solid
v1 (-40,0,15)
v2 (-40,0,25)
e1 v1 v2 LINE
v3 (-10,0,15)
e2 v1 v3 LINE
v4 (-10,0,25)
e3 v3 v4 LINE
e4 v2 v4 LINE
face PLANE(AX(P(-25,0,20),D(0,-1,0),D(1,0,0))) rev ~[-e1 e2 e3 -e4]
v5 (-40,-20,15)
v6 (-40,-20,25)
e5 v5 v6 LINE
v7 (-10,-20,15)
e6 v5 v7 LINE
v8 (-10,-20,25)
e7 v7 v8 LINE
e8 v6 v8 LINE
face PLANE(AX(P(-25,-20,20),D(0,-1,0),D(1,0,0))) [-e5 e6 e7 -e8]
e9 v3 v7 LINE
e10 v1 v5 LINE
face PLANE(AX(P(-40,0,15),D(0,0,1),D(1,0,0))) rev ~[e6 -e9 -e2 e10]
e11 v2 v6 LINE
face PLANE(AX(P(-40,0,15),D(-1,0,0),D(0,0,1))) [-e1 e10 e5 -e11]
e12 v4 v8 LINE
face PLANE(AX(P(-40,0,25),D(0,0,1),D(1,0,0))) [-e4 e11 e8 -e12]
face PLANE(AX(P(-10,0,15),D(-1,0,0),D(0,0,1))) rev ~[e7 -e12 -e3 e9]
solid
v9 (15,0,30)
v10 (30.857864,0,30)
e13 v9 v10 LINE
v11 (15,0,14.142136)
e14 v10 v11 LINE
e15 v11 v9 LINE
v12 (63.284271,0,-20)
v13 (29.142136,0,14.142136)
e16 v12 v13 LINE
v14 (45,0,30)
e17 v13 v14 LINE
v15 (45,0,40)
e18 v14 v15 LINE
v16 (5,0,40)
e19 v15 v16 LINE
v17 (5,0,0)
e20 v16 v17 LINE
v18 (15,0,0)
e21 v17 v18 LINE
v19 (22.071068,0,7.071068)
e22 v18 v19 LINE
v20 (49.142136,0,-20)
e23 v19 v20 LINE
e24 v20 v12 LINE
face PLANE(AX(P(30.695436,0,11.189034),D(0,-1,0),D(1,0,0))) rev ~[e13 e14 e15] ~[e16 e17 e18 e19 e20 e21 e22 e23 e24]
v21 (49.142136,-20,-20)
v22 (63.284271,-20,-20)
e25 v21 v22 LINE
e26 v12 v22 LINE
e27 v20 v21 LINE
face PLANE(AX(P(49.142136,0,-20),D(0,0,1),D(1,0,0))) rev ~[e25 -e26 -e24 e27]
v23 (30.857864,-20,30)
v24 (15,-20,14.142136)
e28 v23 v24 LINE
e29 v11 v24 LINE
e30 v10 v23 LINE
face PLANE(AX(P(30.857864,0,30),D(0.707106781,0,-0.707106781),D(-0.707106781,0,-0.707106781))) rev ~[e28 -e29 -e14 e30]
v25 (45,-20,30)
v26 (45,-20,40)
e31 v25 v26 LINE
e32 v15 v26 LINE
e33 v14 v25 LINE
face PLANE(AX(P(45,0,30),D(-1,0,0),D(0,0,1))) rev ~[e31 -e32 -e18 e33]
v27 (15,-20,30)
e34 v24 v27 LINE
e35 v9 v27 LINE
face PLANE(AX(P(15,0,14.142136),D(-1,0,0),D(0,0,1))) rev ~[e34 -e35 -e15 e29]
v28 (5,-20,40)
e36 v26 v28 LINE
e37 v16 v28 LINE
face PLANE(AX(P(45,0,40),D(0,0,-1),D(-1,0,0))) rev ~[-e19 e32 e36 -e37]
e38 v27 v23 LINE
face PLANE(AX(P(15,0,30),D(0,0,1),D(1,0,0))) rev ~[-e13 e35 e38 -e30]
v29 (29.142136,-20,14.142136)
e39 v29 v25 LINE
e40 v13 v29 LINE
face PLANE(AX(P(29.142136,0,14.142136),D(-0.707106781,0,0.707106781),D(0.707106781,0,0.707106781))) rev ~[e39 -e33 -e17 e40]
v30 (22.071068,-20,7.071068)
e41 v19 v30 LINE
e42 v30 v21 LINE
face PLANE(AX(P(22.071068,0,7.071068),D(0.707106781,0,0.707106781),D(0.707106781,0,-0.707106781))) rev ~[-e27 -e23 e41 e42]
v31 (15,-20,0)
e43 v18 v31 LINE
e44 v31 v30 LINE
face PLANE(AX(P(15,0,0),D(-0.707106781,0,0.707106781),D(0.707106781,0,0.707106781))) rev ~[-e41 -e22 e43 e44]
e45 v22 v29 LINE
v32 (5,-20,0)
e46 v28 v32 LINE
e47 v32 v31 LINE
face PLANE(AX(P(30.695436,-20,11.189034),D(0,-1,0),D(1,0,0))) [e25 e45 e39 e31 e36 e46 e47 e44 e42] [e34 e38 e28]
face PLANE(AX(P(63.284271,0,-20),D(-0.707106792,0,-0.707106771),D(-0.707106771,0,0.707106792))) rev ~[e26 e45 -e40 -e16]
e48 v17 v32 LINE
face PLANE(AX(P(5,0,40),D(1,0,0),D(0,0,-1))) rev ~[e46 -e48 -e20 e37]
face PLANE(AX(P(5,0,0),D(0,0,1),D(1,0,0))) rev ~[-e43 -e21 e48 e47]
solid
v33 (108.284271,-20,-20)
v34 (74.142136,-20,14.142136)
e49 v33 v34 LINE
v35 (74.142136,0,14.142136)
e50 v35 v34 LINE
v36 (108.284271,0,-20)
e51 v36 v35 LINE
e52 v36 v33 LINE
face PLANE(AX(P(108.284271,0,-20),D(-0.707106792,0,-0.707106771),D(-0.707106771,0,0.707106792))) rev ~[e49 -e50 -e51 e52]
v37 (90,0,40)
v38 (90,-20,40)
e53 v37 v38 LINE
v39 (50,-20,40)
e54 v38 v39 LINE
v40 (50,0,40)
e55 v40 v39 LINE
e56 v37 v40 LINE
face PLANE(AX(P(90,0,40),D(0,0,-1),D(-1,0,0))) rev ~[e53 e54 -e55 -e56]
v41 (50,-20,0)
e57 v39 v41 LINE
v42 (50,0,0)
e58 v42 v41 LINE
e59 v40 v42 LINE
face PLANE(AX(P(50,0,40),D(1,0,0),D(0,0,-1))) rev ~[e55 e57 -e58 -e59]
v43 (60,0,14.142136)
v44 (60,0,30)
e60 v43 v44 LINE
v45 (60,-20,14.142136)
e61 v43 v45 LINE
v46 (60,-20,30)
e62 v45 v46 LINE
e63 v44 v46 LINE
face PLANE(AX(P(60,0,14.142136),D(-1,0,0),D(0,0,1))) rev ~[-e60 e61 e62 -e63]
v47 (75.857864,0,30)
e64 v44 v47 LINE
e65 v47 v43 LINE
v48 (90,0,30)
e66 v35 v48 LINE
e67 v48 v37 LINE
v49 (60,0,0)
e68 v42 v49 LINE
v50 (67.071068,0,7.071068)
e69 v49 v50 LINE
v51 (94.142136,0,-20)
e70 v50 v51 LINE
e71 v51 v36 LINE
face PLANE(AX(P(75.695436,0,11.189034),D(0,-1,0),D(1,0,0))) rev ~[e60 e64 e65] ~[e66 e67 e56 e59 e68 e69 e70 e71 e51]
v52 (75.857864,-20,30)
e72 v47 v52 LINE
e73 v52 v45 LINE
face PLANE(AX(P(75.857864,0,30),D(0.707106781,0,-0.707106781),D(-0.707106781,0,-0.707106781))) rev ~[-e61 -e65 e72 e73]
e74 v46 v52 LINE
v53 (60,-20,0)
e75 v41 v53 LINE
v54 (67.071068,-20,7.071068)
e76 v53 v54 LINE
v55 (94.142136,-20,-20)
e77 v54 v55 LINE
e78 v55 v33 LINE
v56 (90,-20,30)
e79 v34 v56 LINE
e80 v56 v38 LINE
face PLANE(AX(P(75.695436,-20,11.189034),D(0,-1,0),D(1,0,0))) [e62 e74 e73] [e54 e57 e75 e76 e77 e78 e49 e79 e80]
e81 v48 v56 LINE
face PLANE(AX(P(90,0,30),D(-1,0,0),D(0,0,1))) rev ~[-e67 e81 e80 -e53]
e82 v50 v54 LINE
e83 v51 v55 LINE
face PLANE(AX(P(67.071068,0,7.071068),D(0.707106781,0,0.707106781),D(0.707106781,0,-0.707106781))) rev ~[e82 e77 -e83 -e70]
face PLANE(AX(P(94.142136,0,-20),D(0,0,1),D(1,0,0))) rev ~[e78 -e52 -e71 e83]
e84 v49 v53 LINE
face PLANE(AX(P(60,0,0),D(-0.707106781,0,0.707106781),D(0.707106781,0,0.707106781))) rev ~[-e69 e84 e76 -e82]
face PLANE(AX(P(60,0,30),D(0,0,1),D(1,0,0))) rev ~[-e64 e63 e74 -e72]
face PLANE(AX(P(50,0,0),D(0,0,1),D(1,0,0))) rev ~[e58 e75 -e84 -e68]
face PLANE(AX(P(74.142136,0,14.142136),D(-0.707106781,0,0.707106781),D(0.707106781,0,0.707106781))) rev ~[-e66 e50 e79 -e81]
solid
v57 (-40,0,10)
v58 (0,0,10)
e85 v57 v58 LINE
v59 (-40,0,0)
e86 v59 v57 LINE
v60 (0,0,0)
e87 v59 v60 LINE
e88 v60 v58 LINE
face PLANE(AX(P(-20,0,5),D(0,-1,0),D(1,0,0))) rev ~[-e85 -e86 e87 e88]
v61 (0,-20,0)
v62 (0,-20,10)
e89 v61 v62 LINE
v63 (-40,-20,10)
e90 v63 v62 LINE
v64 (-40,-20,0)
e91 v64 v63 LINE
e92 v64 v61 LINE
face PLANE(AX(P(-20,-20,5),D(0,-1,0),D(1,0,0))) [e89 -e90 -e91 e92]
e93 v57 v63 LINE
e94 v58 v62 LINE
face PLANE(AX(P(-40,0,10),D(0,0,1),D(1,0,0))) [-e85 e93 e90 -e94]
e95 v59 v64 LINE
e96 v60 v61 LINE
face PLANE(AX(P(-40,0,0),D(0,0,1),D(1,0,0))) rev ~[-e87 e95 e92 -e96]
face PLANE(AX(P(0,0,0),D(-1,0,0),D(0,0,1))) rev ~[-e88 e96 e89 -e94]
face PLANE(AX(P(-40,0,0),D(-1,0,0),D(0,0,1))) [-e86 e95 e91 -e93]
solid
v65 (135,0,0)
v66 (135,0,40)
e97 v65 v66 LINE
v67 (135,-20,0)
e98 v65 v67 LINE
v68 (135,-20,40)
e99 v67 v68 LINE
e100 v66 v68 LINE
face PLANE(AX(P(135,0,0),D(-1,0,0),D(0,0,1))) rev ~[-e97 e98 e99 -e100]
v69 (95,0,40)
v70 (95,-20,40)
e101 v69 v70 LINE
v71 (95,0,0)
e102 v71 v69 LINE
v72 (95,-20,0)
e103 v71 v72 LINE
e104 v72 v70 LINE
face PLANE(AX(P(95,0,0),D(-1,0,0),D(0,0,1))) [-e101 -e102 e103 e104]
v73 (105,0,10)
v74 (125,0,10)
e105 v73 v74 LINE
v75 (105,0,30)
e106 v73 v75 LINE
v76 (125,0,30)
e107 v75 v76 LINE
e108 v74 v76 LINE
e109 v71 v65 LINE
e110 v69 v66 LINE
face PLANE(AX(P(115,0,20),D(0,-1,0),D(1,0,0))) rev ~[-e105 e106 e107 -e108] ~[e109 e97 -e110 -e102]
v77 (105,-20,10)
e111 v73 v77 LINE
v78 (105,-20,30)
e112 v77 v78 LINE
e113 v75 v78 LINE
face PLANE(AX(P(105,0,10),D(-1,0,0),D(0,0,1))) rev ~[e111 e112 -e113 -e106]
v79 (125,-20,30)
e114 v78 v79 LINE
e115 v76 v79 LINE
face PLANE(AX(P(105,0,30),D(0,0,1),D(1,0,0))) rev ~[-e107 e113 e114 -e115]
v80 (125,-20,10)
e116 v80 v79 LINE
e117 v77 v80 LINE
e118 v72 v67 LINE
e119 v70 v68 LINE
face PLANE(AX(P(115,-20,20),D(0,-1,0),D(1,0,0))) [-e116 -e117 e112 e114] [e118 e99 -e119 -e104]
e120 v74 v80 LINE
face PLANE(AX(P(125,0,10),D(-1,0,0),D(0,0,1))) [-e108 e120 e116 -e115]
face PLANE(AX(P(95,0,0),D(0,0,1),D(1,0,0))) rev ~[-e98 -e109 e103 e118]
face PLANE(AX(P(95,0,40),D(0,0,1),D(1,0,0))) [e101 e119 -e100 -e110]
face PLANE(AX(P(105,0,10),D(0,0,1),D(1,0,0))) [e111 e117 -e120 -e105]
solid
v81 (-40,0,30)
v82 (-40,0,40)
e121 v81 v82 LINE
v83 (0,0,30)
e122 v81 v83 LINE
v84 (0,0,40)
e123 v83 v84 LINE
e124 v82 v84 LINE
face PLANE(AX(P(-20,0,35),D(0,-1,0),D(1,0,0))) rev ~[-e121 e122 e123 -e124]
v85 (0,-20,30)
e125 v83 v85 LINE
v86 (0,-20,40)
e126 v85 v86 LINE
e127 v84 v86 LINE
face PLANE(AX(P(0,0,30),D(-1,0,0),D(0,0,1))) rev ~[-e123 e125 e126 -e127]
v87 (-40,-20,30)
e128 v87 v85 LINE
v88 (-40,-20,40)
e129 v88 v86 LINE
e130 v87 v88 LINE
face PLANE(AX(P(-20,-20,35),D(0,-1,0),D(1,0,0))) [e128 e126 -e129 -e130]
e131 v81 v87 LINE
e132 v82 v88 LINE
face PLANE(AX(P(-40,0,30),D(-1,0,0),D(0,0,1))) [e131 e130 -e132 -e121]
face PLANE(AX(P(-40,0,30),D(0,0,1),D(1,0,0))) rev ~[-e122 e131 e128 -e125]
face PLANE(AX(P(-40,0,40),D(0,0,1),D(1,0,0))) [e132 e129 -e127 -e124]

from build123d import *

# Parameters (mm, degrees)
F0_W     = 40
F0_H     = 10
F0_W_2   = 30
F0_H_2   = 40
F0_W_3   = 20
F0_H_3   = 20
F1_DEPTH = 20


with BuildPart() as f1:
    # F0 (on Front) → F1 (new body)
    with BuildSketch(Plane.XZ):
        with Locations((-20, 35)):
            Rectangle(F0_W, F0_H)
        with Locations((-25, 20)):
            Rectangle(F0_W_2, F0_H)
        with Locations((-20, 5)):
            Rectangle(F0_W, F0_H)
        Polygon((5, 40), (5, 0), (15, 0), (22.071068, 7.071068), (49.142136, -20), (63.284271, -20), (29.142136, 14.142136), (45, 30), (45, 40), align=None)
        Polygon((15, 14.142136), (15, 30), (30.857864, 30), align=None, mode=Mode.SUBTRACT)
        Polygon((50, 40), (50, 0), (60, 0), (67.071068, 7.071068), (94.142136, -20), (108.284271, -20), (74.142136, 14.142136), (90, 30), (90, 40), align=None)
        Polygon((60, 14.142136), (60, 30), (75.857864, 30), align=None, mode=Mode.SUBTRACT)
        with Locations((115, 20)):
            Rectangle(F0_W, F0_H_2)
        with Locations((115, 20)):
            Rectangle(F0_W_3, F0_H_3, mode=Mode.SUBTRACT)
    extrude(amount=F1_DEPTH)


solid = f1.part
